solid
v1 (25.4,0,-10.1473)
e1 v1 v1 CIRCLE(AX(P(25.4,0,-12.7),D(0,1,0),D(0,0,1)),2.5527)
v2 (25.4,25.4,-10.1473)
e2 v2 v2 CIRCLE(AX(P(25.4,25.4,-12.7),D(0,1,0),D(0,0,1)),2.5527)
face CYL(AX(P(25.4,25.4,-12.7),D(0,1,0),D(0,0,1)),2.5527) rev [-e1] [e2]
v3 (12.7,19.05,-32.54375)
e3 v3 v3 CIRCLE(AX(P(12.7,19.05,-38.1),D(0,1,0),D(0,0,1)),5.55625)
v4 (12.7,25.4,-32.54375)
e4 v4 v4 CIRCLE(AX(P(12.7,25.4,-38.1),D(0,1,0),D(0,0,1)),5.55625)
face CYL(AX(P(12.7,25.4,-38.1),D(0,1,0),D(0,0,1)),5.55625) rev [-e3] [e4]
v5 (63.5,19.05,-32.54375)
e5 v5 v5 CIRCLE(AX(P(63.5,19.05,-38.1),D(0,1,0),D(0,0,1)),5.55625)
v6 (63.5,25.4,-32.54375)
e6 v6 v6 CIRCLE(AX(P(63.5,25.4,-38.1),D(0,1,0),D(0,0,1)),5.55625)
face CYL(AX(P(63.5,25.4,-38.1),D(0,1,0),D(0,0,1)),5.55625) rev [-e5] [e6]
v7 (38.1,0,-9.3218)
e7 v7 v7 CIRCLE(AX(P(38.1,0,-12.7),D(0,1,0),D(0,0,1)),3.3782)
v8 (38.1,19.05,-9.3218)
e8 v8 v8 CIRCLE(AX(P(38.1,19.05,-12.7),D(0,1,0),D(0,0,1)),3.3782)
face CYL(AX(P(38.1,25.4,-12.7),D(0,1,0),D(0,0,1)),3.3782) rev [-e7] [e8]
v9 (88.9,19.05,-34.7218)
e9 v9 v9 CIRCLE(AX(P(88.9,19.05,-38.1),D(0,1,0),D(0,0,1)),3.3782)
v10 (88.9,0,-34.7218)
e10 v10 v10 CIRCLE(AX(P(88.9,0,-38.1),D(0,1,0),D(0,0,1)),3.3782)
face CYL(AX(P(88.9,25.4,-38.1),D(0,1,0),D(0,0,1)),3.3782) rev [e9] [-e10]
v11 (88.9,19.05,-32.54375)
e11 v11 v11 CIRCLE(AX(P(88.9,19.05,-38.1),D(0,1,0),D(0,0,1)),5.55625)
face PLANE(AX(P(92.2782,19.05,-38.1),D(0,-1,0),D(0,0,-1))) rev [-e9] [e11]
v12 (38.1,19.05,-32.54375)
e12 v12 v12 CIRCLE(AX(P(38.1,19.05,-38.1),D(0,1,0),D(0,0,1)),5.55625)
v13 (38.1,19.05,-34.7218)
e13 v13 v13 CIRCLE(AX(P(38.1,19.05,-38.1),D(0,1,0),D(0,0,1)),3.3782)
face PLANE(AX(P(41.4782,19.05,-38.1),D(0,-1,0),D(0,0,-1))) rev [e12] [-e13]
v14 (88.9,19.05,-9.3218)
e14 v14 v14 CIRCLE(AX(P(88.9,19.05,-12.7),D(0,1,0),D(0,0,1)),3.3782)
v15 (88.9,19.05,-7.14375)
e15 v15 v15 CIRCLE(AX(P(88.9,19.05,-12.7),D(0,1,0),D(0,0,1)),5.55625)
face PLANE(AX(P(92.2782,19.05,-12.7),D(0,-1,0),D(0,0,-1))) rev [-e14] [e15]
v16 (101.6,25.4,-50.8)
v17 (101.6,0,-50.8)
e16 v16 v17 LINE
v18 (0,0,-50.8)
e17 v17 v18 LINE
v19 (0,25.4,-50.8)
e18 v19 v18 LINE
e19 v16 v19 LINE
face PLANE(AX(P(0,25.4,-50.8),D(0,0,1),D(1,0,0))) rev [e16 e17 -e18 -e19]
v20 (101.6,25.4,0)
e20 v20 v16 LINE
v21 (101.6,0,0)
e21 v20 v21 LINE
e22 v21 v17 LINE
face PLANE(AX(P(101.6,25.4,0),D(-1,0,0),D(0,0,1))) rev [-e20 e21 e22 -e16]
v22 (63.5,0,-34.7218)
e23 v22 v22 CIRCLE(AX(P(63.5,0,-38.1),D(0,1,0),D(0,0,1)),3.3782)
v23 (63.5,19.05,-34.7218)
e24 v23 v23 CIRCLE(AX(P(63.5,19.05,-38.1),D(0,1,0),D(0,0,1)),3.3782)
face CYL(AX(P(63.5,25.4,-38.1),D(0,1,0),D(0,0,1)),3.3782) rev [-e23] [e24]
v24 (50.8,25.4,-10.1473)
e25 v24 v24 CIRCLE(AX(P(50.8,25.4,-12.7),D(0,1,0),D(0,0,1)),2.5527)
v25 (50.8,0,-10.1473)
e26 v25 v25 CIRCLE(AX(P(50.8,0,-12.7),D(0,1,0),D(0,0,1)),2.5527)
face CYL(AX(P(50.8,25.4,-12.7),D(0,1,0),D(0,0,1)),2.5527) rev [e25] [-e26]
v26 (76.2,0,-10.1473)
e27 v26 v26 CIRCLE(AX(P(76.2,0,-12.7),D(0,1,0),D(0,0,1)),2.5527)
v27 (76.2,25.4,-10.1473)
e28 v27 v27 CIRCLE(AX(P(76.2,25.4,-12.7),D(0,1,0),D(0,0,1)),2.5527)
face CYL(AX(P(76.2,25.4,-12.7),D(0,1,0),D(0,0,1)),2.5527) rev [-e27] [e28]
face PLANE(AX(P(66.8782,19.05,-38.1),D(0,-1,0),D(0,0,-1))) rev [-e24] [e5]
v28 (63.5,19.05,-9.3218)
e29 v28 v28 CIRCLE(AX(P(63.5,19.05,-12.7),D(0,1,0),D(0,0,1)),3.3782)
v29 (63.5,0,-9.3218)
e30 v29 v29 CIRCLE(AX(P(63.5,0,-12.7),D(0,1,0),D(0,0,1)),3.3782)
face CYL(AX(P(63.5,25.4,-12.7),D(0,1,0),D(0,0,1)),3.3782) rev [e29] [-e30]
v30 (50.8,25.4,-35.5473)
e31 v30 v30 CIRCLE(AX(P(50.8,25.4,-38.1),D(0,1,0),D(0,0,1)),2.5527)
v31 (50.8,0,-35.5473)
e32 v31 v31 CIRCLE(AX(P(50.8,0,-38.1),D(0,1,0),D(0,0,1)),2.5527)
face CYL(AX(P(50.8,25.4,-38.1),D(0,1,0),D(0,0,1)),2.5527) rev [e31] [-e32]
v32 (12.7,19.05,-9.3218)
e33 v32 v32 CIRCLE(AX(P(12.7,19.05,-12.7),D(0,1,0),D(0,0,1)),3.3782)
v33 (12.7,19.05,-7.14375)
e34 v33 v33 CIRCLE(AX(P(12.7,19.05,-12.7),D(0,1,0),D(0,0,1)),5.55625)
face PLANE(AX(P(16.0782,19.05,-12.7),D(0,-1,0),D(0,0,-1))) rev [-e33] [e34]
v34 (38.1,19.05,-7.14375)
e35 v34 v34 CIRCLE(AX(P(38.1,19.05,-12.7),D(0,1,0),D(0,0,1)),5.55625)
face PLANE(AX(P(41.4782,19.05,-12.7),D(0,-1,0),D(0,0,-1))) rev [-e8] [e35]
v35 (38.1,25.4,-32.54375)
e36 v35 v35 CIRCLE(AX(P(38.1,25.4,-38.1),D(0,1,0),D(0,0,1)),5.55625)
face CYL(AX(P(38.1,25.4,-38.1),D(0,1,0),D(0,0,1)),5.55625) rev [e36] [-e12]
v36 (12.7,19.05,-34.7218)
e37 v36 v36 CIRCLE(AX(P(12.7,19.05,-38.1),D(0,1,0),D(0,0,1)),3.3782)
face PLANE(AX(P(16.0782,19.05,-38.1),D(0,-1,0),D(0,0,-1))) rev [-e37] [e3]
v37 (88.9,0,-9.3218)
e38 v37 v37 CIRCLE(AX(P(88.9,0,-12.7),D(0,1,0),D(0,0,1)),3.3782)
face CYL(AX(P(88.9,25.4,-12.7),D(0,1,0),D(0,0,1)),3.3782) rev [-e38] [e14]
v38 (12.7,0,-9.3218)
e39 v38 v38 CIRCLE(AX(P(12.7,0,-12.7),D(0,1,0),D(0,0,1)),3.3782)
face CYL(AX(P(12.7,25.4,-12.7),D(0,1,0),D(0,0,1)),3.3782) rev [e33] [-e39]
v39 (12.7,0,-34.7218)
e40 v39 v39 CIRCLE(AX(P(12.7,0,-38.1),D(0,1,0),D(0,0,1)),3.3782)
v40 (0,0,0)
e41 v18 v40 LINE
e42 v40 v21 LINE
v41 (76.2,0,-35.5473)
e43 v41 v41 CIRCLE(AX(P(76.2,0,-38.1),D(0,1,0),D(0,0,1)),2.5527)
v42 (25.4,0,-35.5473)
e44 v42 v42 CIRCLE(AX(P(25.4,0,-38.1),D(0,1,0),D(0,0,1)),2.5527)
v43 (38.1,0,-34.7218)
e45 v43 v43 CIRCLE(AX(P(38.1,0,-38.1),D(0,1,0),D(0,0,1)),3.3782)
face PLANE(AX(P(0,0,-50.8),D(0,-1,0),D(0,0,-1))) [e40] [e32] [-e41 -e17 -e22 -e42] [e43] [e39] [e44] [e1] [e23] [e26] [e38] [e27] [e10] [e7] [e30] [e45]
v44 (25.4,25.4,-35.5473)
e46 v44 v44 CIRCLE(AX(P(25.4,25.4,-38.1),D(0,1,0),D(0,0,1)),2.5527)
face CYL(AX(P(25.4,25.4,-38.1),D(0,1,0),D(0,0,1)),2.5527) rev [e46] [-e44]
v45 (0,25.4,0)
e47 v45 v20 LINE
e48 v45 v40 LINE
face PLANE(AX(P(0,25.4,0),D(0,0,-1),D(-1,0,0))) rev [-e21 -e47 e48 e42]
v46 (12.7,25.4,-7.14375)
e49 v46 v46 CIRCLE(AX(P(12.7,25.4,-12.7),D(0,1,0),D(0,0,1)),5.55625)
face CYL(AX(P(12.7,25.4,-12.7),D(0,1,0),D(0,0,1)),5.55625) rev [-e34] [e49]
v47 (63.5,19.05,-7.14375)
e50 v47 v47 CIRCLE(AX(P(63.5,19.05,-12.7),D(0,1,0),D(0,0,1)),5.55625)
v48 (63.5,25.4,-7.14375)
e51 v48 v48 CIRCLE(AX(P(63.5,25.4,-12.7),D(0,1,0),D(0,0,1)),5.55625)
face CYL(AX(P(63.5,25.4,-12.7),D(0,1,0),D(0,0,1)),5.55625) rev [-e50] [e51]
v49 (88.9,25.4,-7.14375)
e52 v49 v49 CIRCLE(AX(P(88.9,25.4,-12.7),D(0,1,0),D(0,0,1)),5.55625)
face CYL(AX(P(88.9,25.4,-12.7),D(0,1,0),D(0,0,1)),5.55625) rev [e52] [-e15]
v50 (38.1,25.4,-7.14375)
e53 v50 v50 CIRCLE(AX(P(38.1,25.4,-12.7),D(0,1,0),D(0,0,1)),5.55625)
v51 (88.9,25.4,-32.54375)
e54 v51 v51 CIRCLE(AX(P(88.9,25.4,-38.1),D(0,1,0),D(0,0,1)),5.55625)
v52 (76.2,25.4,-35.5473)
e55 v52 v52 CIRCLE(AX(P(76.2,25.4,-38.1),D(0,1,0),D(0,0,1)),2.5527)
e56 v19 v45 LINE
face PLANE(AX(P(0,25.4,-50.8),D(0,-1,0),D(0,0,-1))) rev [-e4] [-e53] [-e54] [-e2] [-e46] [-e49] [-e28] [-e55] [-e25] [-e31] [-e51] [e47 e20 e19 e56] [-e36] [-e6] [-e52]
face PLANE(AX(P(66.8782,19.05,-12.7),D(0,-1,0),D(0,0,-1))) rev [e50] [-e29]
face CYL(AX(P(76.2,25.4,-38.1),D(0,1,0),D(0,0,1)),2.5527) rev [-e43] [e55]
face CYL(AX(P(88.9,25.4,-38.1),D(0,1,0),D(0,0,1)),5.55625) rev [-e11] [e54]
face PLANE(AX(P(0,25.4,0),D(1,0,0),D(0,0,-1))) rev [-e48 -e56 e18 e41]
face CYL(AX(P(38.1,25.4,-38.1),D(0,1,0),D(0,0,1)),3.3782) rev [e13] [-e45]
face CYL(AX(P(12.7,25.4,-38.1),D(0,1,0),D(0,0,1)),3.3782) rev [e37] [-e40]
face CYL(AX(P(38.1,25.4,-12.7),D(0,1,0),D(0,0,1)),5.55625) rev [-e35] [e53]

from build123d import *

# Parameters (mm, degrees)
SKETCH1_W                                        = 101.6
SKETCH1_H                                        = 50.8
BOSS_EXTRUDE1_DEPTH                              = 25.4
CBORE_FOR_1_4_SOCKET_HEAD_CAP_SCREW1_D           = 6.7564
CBORE_FOR_1_4_SOCKET_HEAD_CAP_SCREW1_CBORE_D     = 11.1125
CBORE_FOR_1_4_SOCKET_HEAD_CAP_SCREW1_CBORE_DEPTH = 6.35
LPATTERN1_COUNT                                  = 2
LPATTERN1_PITCH                                  = 25.4
LPATTERN1_COUNT_DIR2                             = 4
LPATTERN1_PITCH_DIR2                             = 25.4
F_1_4_20_TAPPED_HOLE1_D                          = 5.1054
LPATTERN2_COUNT                                  = 2
LPATTERN2_PITCH                                  = 25.4
LPATTERN2_COUNT_DIR2                             = 3
LPATTERN2_PITCH_DIR2                             = 25.4


with BuildPart() as part:
    # Sketch1 → Boss-Extrude1 (new body)
    with BuildSketch(Plane(origin=(0, 0, 0), x_dir=(1, 0, 0), z_dir=(0, 1, 0))):
        with Locations((50.8, 25.4)):
            Rectangle(SKETCH1_W, SKETCH1_H)
    extrude(amount=BOSS_EXTRUDE1_DEPTH)

    # CBORE for 1/4 Socket Head Cap Screw1 (through all)
    with Locations(Plane(origin=(0, 25.4, 0), x_dir=(-1, 0, 0), z_dir=(0, 1, 0))):
        with Locations((-12.7, -12.7)):
            cbore_for_1_4_socket_head_cap_screw1 = CounterBoreHole(CBORE_FOR_1_4_SOCKET_HEAD_CAP_SCREW1_D / 2, CBORE_FOR_1_4_SOCKET_HEAD_CAP_SCREW1_CBORE_D / 2, CBORE_FOR_1_4_SOCKET_HEAD_CAP_SCREW1_CBORE_DEPTH)

    # LPattern1: CBORE for 1_4 Socket Head Cap Screw1 2 × 4
    with Locations(*[(j * LPATTERN1_PITCH_DIR2, 0, -i * LPATTERN1_PITCH) for i in range(LPATTERN1_COUNT) for j in range(LPATTERN1_COUNT_DIR2) if (i, j) != (0, 0)]):
        add(cbore_for_1_4_socket_head_cap_screw1, mode=Mode.SUBTRACT)

    # 1/4-20 Tapped Hole1 (through all)
    with Locations(Plane(origin=(0, 25.4, 0), x_dir=(-1, 0, 0), z_dir=(0, 1, 0))):
        with Locations((-25.4, -38.1)):
            f_1_4_20_tapped_hole1 = Hole(F_1_4_20_TAPPED_HOLE1_D / 2)

    # LPattern2: 1_4-20 Tapped Hole1 2 × 3
    with Locations(*[(j * LPATTERN2_PITCH_DIR2, 0, i * LPATTERN2_PITCH) for i in range(LPATTERN2_COUNT) for j in range(LPATTERN2_COUNT_DIR2) if (i, j) != (0, 0)]):
        add(f_1_4_20_tapped_hole1, mode=Mode.SUBTRACT)


solid = part.part
